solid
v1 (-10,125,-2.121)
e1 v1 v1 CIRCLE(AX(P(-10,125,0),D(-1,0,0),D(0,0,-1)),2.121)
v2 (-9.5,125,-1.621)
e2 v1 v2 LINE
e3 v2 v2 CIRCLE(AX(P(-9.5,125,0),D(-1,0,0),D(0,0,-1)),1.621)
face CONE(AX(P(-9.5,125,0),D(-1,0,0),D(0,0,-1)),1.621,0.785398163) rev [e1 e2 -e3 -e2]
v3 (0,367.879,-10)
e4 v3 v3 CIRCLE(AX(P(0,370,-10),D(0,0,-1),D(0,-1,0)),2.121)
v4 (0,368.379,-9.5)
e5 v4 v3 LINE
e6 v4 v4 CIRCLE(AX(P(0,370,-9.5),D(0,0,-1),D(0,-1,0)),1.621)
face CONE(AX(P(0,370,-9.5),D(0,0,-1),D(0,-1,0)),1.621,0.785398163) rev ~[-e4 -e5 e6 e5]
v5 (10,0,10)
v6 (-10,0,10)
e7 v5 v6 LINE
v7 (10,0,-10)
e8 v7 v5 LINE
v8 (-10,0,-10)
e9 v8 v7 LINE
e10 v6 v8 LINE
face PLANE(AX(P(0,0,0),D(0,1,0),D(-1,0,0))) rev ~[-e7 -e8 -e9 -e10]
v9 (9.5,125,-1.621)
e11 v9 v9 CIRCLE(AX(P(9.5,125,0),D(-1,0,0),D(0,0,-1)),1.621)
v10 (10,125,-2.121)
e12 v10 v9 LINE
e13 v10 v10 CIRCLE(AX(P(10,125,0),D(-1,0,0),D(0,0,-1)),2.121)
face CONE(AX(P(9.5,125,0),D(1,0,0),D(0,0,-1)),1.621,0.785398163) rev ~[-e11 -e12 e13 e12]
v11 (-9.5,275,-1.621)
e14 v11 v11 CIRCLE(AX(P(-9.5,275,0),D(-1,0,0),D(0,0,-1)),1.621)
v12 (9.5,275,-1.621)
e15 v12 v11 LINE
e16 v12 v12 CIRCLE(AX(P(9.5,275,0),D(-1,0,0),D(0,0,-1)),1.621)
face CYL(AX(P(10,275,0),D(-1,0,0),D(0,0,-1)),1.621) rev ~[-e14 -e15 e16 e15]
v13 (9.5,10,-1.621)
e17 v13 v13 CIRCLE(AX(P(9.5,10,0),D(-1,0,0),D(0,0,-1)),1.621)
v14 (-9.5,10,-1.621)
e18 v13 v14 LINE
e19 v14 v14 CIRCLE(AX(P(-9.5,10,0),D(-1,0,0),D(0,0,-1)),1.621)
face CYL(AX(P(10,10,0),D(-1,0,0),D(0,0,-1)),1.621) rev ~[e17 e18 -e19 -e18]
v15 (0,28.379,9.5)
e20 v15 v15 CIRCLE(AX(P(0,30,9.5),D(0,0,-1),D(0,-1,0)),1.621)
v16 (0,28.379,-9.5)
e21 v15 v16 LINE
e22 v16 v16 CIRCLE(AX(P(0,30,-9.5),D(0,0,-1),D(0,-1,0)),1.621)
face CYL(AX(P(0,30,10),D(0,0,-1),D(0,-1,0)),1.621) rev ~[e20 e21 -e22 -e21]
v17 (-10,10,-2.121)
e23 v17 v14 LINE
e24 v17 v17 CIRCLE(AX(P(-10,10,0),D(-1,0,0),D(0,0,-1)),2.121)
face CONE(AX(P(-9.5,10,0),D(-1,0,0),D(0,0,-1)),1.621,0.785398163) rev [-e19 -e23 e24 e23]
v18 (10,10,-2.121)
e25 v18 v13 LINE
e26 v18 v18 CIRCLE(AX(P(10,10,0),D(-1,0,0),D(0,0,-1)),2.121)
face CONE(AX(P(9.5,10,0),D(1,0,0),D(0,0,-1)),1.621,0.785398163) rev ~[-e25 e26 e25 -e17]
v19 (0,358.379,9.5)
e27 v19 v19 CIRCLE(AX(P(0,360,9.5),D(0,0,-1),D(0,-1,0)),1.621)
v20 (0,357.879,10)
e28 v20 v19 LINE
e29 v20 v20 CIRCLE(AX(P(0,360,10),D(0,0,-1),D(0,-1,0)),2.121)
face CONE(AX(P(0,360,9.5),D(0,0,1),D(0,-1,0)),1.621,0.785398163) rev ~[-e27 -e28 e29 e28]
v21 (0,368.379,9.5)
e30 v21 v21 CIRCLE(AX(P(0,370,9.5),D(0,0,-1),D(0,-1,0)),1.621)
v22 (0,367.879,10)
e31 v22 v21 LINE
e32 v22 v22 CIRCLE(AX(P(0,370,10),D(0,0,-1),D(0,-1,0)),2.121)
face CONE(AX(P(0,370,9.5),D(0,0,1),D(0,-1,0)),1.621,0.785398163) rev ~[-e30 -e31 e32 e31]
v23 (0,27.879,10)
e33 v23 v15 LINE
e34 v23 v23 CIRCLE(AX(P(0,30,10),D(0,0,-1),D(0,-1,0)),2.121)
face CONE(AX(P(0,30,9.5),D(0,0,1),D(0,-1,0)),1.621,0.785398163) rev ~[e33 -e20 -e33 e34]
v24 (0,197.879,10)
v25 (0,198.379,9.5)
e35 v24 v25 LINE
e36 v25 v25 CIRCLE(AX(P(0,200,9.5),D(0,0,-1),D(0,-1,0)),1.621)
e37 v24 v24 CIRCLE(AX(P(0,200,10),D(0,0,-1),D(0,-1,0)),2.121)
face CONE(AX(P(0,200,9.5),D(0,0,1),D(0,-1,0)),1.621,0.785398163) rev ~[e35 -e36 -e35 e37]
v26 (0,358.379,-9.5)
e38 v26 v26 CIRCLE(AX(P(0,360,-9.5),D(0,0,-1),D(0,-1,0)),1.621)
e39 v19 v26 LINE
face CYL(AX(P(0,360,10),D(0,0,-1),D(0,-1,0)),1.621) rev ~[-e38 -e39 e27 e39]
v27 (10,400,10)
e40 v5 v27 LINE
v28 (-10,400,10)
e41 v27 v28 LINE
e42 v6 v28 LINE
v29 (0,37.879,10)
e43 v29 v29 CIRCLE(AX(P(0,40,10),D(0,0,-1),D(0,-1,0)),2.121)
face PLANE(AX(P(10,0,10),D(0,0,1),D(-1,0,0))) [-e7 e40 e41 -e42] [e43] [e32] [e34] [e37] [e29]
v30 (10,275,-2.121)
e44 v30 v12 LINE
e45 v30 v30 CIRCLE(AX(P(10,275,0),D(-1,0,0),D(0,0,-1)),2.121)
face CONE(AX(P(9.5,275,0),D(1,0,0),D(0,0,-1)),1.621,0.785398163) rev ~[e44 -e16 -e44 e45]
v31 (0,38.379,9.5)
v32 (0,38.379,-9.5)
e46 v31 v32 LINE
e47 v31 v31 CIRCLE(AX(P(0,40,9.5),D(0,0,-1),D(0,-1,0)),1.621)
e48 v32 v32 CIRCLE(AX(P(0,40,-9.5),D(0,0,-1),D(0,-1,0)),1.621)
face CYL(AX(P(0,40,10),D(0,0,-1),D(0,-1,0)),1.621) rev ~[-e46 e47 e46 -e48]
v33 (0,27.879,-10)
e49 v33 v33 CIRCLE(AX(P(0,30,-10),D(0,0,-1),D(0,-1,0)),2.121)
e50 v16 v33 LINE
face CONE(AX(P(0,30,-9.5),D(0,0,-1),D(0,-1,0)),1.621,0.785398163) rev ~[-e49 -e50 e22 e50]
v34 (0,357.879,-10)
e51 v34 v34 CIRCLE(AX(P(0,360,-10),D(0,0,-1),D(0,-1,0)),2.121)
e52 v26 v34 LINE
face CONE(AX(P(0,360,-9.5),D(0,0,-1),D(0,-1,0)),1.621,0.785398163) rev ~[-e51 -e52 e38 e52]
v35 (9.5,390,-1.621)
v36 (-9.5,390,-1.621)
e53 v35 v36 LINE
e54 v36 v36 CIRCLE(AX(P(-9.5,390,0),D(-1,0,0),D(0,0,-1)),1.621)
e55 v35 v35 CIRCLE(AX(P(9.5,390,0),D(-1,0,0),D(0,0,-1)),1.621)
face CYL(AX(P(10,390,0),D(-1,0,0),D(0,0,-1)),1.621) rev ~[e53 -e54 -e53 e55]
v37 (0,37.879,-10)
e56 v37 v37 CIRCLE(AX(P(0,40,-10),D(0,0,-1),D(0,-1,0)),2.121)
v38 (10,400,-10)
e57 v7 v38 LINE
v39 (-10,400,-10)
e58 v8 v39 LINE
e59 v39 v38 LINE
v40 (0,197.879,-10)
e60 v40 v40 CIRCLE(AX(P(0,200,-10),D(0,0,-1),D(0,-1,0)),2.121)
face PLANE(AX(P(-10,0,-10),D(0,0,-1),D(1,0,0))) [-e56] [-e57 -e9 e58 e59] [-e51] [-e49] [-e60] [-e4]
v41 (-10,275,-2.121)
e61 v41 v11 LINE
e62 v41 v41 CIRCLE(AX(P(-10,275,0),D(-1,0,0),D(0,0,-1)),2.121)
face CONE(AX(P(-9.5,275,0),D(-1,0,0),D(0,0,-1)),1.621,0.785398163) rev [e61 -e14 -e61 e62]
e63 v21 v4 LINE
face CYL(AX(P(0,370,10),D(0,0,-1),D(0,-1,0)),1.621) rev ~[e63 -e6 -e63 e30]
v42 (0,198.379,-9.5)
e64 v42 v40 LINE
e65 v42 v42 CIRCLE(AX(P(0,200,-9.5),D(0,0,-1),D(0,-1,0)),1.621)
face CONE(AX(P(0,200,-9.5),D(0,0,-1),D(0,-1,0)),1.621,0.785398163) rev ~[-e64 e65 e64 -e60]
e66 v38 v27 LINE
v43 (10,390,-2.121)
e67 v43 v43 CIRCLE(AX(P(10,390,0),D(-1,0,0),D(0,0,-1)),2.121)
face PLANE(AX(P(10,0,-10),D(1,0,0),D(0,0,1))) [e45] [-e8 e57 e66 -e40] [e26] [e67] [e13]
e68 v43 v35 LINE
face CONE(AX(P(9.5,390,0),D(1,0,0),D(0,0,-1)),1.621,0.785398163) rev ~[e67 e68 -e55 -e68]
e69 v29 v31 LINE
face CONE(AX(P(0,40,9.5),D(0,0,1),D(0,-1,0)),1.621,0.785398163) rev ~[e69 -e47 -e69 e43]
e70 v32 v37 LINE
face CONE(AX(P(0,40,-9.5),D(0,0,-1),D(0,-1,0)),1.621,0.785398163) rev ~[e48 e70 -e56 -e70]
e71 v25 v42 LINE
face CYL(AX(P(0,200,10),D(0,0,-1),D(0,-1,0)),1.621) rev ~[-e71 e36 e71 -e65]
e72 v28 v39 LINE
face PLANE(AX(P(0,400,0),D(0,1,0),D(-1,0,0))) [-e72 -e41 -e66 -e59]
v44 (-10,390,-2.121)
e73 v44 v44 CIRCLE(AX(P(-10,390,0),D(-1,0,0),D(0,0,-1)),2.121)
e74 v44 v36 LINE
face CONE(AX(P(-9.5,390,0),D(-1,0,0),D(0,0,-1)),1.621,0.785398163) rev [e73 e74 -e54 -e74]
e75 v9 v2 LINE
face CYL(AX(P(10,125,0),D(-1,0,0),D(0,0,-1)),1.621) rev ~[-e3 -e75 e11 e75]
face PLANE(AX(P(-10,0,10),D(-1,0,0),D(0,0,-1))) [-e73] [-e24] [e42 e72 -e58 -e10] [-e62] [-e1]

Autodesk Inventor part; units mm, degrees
ref_plane "YZ Plane" through (0, 0, 0) normal (1, 0, 0) x (0, 1, 0)
ref_plane "XZ Plane" through (0, 0, 0) normal (0, 1, 0) x (-1, 0, 0)
ref_plane "XY Plane" through (0, 0, 0) normal (0, 0, 1) x (1, 0, 0)
sketch "Sketch1" plane through (0, 0, 0) normal (0, 1, 0) x (-1, 0, 0)
  line L0 (-10, 10) -> (10, 10)
  line L1 (10, 10) -> (10, -10)
  line L2 (10, -10) -> (-10, -10)
  line L3 (-10, -10) -> (-10, 10)
  line L4 (-10, 10) -> (10, -10) construction
  line L5 (10, 10) -> (-10, -10) construction
  point P0 (0, 0)
  dimension "d0" = 20
  dimension "d1" = 20
extrude "Extrusion1" add sketch "Sketch1" along normal blind 400
sketch "Sketch2" plane through (10, 0, 10) normal (1, 0, 0) x (0, 0, -1)
  line L0 (10, 0) -> (10, 10)
  line L1 (10, 10) -> (10, 125)
  line L2 (10, 125) -> (10, 275)
  line L3 (10, 275) -> (10, 390)
  dimension "d4" = 10
  dimension "d5" = 115
  dimension "d6" = 150
  dimension "d7" = 180
  dimension "d8" = 115
  dimension "d9" = 180
hole "Hole1" at (10, 10, 0) at (10, 125, 0) at (10, 275, 0) at (10, 390, 0) direction (-1, 0, 0) diameter 3.242 end through all thread size "M4x0.7" class "6H" standard "ANSI Metric M Profile"
sketch "Sketch3" plane through (-10, 0, 10) normal (0, 0, 1) x (1, 0, 0)
  line L0 (10, 0) -> (10, 30)
  line L1 (10, 0) -> (40, 0) construction
  line L2 (10, 30) -> (10, 370)
  dimension "d17" = 30
  dimension "d18" = 90
  dimension "d19" = 340
  dimension "d20" = 180
hole "Hole2" at (0, 30, 10) at (0, 370, 10) direction (0, 0, -1) diameter 3.242 depth 47.25 tip angle 118 thread size "M4x0.7" class "6H" standard "ANSI Metric M Profile"
sketch "Sketch4" plane through (-10, 0, 10) normal (0, 0, 1) x (1, 0, 0)
  circle A0 centre (10, 30) radius 1.621 projected
  line L0 (10, 30) -> (10, 40)
  circle A1 centre (10, 370) radius 1.621 projected
  line L1 (10, 370) -> (10, 360)
  point P0 (10, 0)
  dimension "d37" = 10
  dimension "d38" = 10
hole "Hole3" at (0, 40, 10) at (0, 360, 10) direction (0, 0, -1) diameter 3.242 depth 51.25 tip angle 118 thread size "M4x0.7" class "6H" standard "ANSI Metric M Profile"
sketch "Sketch5" plane through (-10, 0, 10) normal (0, 0, 1) x (1, 0, 0)
  line L0 (20, 400) -> (0, 400) projected
  line L1 (10, 400) -> (10, 0)
  circle A0 centre (10, 200) radius 43.7231
hole "Hole4" at (0, 200, 10) direction (0, 0, -1) diameter 3.242 depth 57.3 tip angle 118 thread size "M4x0.7" class "6H" standard "ANSI Metric M Profile"
chamfer "Chamfer1" distance 0.5 angle 45 18 edges at (10, 390, 1.621) (10, 275, 1.621) (10, 125, 1.621) (10, 10, 1.621) (0, 371.621, 10) (0, 31.621, 10) (0, 361.621, 10) (0, 41.621, 10) (0, 201.621, 10) (0, 201.621, -10) (0, 361.621, -10) (0, 41.621, -10) (0, 371.621, -10) (0, 31.621, -10) (-10, 390, 1.621) (-10, 275, 1.621) (-10, 125, 1.621) (-10, 10, 1.621)
properties part number "aluminium_stafmateriaal" material "Aluminum 6061"
